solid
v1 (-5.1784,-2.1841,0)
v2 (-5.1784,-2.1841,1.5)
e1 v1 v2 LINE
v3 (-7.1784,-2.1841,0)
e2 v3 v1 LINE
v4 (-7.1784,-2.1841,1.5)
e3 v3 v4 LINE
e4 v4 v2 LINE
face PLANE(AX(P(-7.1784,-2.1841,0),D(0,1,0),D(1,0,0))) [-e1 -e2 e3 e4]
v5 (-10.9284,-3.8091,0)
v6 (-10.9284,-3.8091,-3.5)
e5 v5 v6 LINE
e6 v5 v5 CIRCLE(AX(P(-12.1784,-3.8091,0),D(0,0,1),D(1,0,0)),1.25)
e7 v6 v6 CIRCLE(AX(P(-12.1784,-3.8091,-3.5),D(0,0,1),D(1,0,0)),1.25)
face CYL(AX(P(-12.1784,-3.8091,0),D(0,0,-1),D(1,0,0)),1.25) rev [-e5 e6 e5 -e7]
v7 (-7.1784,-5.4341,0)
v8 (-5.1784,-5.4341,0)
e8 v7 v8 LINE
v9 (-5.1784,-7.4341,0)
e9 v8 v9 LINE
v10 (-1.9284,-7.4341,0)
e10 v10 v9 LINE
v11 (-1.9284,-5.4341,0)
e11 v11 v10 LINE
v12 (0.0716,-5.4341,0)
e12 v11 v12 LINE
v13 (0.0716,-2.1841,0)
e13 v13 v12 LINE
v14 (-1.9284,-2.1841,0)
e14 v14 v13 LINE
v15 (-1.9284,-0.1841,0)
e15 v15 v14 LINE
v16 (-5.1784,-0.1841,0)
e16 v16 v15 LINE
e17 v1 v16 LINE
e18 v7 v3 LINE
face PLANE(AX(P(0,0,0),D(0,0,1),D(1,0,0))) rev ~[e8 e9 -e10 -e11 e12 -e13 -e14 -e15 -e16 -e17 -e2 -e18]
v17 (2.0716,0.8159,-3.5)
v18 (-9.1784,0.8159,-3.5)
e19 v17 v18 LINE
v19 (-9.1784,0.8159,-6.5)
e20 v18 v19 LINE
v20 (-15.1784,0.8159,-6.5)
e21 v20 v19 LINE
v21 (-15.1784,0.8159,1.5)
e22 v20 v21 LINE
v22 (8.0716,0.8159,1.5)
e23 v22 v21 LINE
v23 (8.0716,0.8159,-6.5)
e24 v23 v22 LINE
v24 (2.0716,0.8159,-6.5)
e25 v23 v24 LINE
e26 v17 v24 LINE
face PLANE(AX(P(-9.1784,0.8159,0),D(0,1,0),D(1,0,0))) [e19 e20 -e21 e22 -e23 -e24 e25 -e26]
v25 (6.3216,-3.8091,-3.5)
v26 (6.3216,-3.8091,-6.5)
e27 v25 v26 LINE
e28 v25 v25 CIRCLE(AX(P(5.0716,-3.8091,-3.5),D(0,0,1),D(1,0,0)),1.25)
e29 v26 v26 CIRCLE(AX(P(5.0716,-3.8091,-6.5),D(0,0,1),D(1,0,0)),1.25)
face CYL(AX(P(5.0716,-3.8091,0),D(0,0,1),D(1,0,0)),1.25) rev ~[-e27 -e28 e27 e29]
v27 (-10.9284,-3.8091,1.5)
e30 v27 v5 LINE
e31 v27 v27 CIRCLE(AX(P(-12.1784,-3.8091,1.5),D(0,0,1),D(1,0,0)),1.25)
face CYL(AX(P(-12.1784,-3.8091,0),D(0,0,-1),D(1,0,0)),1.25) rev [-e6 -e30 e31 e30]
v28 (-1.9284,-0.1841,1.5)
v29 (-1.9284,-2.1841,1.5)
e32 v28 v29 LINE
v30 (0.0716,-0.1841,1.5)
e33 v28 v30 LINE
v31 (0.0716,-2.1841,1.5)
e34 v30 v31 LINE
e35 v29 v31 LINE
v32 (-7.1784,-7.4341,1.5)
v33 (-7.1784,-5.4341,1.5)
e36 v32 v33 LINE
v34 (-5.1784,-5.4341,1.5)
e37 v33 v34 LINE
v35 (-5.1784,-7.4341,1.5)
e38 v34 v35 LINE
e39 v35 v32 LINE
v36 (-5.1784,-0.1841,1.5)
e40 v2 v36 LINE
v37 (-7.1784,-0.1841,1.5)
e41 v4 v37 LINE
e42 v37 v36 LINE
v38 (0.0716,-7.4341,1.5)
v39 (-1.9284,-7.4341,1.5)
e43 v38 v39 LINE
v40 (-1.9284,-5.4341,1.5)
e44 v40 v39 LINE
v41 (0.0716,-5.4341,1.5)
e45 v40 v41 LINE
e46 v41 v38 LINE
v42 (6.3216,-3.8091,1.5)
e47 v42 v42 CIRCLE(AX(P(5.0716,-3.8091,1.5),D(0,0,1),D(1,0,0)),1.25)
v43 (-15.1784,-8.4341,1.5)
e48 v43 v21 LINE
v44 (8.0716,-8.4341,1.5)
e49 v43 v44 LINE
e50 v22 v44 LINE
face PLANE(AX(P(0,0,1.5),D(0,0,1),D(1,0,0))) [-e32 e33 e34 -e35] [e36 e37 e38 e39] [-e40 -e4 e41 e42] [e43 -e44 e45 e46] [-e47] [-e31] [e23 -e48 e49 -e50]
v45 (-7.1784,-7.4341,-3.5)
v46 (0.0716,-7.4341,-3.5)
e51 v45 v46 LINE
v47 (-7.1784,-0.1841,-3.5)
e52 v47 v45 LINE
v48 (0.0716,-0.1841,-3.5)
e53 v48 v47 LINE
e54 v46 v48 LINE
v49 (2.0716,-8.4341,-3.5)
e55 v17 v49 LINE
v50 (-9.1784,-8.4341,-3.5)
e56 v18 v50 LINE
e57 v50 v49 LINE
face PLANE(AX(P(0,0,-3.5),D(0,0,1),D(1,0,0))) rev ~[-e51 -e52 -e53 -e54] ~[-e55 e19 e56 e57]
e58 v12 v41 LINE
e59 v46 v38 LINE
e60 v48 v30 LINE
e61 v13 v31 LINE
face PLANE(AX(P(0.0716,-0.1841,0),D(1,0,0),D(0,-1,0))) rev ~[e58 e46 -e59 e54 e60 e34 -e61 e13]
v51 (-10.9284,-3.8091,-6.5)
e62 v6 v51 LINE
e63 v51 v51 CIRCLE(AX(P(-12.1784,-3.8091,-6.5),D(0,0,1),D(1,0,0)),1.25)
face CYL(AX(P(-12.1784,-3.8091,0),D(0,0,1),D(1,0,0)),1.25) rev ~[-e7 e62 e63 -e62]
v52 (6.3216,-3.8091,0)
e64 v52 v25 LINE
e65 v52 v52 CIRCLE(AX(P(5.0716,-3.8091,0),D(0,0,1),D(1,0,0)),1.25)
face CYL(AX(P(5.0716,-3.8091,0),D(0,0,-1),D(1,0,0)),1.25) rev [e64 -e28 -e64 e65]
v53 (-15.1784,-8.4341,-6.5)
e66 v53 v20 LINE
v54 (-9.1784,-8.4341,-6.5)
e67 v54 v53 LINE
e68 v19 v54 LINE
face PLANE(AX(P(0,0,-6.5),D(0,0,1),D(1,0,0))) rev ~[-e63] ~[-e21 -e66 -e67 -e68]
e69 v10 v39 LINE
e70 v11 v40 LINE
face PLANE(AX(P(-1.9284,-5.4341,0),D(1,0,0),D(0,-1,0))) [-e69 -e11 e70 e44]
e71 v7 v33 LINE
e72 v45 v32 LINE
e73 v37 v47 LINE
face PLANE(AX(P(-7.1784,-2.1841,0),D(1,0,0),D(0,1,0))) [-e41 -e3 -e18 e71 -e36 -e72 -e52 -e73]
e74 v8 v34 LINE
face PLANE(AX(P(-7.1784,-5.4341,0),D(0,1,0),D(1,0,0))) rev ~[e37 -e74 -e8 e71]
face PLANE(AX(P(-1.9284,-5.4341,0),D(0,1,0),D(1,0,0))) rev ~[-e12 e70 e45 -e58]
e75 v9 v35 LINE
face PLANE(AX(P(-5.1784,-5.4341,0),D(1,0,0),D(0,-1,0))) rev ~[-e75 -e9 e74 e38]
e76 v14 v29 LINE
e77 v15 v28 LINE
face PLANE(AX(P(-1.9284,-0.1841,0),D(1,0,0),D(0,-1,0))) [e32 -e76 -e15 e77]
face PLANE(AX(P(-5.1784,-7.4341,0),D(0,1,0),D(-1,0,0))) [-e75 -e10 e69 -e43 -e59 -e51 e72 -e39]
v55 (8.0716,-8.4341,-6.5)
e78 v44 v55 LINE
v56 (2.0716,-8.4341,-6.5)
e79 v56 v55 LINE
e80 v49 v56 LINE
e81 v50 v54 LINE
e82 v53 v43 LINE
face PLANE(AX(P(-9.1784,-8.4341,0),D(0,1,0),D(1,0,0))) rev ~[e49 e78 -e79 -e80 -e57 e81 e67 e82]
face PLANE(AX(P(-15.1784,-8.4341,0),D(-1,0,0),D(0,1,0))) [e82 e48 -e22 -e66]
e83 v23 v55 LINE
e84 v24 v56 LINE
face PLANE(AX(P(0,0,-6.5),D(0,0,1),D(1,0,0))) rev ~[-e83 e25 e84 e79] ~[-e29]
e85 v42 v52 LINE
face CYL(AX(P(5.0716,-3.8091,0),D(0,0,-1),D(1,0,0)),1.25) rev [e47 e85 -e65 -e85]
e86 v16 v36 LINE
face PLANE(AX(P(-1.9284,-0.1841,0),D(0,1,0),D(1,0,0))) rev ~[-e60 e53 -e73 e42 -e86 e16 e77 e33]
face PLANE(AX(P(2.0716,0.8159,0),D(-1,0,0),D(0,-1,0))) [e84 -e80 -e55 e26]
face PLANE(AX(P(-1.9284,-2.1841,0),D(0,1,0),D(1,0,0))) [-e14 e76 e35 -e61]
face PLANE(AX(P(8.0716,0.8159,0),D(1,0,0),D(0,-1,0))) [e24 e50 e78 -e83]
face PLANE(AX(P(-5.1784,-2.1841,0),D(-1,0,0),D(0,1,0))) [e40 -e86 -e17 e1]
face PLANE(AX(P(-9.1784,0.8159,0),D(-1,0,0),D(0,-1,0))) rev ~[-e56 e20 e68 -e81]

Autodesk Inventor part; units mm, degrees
ref_plane "YZ Plane" through (0, 0, 0) normal (1, 0, 0) x (0, 1, 0)
ref_plane "XZ Plane" through (0, 0, 0) normal (0, 1, 0) x (-1, 0, 0)
ref_plane "XY Plane" through (0, 0, 0) normal (0, 0, 1) x (1, 0, 0)
sketch "Sketch1" plane through (0, 0, 0) normal (0, 0, 1) x (1, 0, 0)
  line L0 (-7.1784, -0.1841) -> (0.0716, -0.1841)
  line L1 (0.0716, -0.1841) -> (0.0716, -7.4341)
  line L2 (0.0716, -7.4341) -> (-7.1784, -7.4341)
  line L3 (-7.1784, -7.4341) -> (-7.1784, -0.1841)
  line L4 (-7.1784, -2.1841) -> (-5.1784, -2.1841)
  line L5 (-5.1784, -2.1841) -> (-5.1784, -0.1841)
  line L6 (-1.9284, -0.1841) -> (-1.9284, -2.1841)
  line L7 (-1.9284, -2.1841) -> (0.0716, -2.1841)
  line L8 (-7.1784, -5.4341) -> (-5.1784, -5.4341)
  line L9 (-5.1784, -5.4341) -> (-5.1784, -7.4341)
  line L10 (-1.9284, -5.4341) -> (0.0716, -5.4341)
  line L11 (-1.9284, -5.4341) -> (-1.9284, -7.4341)
  line L12 (8.0716, 0.8159) -> (8.0716, -8.4341)
  line L13 (-15.1784, -8.4341) -> (-15.1784, 0.8159)
  circle A0 centre (-12.1784, -3.8091) radius 1.25
  circle A1 centre (5.0716, -3.8091) radius 1.25
  line L14 (-15.1784, 0.8159) -> (-9.1784, 0.8159)
  line L15 (-9.1784, 0.8159) -> (-9.1784, -8.4341)
  line L16 (-9.1784, -8.4341) -> (-15.1784, -8.4341)
  line L17 (-15.1784, -8.4341) -> (-15.1784, 0.8159)
  line L18 (8.0716, 0.8159) -> (2.0716, 0.8159)
  line L19 (2.0716, 0.8159) -> (2.0716, -8.4341)
  line L20 (2.0716, -8.4341) -> (8.0716, -8.4341)
  line L21 (8.0716, -8.4341) -> (8.0716, 0.8159)
  line L22 (-9.1784, 0.8159) -> (2.0716, 0.8159)
  line L23 (-9.1784, -8.4341) -> (2.0716, -8.4341)
  line L24 (-15.1784, 0.8159) -> (-21.6784, 0.8159)
  line L25 (-21.6784, 0.8159) -> (-21.6784, -8.4341)
  line L26 (-21.6784, -8.4341) -> (-15.1784, -8.4341)
  line L27 (-15.1784, -8.4341) -> (-15.1784, 0.8159)
  circle A2 centre (-18.4284, -3.8091) radius 2.625
  point P0 (0, 0)
  dimension "d0" = 7.25
  dimension "d1" = 7.25
  dimension "d2" = 2
  dimension "d3" = 2
  dimension "d4" = 2
  dimension "d5" = 2
  dimension "d6" = 8
  dimension "d7" = 8
  dimension "d10" = 2.5
  dimension "d11" = 2.5
  dimension "d12" = 6
  dimension "d13" = 6
  dimension "d14" = 3
  dimension "d15" = 3
  dimension "d23" = 1
  dimension "d24" = 1
  dimension "d25" = 9.25
  dimension "d26" = 4.625
  dimension "d27" = 4.625
  dimension "d28" = 17.25
  dimension "d29" = 5.25
  dimension "d30" = 3.25
  dimension "d31" = 6.5
  dimension "d33" = 6.25
extrude "Extrusion1" add sketch "Sketch1" along normal blind 1.5 contours L0 L6 L7 L1 L10 L11 L2 L9 L8 L3 L4 L5 | L12 L20 L19 L18 | L19 L23 L15 L22 | L15 L16 L13 L14
extrude "Extrusion2" add sketch "Sketch1" against normal blind 3.5 contours L12 L20 L19 L18 | L19 L23 L15 L22 | L15 L16 L13 L14
extrude "Extrusion3" add sketch "Sketch1" against normal blind 6.5 contours L12 L20 L19 L18 | L15 L16 L13 L14
equation "\"d2\" = d5"
equation "\"d3\" = d5"
equation "\"d4\" = d5"
equation "\"d13\" = d12"
equation "\"d15\" = d14"
equation "\"d26\" = 0.5 * d25"
equation "\"d27\" = d26"
properties part number "tac switch body"
